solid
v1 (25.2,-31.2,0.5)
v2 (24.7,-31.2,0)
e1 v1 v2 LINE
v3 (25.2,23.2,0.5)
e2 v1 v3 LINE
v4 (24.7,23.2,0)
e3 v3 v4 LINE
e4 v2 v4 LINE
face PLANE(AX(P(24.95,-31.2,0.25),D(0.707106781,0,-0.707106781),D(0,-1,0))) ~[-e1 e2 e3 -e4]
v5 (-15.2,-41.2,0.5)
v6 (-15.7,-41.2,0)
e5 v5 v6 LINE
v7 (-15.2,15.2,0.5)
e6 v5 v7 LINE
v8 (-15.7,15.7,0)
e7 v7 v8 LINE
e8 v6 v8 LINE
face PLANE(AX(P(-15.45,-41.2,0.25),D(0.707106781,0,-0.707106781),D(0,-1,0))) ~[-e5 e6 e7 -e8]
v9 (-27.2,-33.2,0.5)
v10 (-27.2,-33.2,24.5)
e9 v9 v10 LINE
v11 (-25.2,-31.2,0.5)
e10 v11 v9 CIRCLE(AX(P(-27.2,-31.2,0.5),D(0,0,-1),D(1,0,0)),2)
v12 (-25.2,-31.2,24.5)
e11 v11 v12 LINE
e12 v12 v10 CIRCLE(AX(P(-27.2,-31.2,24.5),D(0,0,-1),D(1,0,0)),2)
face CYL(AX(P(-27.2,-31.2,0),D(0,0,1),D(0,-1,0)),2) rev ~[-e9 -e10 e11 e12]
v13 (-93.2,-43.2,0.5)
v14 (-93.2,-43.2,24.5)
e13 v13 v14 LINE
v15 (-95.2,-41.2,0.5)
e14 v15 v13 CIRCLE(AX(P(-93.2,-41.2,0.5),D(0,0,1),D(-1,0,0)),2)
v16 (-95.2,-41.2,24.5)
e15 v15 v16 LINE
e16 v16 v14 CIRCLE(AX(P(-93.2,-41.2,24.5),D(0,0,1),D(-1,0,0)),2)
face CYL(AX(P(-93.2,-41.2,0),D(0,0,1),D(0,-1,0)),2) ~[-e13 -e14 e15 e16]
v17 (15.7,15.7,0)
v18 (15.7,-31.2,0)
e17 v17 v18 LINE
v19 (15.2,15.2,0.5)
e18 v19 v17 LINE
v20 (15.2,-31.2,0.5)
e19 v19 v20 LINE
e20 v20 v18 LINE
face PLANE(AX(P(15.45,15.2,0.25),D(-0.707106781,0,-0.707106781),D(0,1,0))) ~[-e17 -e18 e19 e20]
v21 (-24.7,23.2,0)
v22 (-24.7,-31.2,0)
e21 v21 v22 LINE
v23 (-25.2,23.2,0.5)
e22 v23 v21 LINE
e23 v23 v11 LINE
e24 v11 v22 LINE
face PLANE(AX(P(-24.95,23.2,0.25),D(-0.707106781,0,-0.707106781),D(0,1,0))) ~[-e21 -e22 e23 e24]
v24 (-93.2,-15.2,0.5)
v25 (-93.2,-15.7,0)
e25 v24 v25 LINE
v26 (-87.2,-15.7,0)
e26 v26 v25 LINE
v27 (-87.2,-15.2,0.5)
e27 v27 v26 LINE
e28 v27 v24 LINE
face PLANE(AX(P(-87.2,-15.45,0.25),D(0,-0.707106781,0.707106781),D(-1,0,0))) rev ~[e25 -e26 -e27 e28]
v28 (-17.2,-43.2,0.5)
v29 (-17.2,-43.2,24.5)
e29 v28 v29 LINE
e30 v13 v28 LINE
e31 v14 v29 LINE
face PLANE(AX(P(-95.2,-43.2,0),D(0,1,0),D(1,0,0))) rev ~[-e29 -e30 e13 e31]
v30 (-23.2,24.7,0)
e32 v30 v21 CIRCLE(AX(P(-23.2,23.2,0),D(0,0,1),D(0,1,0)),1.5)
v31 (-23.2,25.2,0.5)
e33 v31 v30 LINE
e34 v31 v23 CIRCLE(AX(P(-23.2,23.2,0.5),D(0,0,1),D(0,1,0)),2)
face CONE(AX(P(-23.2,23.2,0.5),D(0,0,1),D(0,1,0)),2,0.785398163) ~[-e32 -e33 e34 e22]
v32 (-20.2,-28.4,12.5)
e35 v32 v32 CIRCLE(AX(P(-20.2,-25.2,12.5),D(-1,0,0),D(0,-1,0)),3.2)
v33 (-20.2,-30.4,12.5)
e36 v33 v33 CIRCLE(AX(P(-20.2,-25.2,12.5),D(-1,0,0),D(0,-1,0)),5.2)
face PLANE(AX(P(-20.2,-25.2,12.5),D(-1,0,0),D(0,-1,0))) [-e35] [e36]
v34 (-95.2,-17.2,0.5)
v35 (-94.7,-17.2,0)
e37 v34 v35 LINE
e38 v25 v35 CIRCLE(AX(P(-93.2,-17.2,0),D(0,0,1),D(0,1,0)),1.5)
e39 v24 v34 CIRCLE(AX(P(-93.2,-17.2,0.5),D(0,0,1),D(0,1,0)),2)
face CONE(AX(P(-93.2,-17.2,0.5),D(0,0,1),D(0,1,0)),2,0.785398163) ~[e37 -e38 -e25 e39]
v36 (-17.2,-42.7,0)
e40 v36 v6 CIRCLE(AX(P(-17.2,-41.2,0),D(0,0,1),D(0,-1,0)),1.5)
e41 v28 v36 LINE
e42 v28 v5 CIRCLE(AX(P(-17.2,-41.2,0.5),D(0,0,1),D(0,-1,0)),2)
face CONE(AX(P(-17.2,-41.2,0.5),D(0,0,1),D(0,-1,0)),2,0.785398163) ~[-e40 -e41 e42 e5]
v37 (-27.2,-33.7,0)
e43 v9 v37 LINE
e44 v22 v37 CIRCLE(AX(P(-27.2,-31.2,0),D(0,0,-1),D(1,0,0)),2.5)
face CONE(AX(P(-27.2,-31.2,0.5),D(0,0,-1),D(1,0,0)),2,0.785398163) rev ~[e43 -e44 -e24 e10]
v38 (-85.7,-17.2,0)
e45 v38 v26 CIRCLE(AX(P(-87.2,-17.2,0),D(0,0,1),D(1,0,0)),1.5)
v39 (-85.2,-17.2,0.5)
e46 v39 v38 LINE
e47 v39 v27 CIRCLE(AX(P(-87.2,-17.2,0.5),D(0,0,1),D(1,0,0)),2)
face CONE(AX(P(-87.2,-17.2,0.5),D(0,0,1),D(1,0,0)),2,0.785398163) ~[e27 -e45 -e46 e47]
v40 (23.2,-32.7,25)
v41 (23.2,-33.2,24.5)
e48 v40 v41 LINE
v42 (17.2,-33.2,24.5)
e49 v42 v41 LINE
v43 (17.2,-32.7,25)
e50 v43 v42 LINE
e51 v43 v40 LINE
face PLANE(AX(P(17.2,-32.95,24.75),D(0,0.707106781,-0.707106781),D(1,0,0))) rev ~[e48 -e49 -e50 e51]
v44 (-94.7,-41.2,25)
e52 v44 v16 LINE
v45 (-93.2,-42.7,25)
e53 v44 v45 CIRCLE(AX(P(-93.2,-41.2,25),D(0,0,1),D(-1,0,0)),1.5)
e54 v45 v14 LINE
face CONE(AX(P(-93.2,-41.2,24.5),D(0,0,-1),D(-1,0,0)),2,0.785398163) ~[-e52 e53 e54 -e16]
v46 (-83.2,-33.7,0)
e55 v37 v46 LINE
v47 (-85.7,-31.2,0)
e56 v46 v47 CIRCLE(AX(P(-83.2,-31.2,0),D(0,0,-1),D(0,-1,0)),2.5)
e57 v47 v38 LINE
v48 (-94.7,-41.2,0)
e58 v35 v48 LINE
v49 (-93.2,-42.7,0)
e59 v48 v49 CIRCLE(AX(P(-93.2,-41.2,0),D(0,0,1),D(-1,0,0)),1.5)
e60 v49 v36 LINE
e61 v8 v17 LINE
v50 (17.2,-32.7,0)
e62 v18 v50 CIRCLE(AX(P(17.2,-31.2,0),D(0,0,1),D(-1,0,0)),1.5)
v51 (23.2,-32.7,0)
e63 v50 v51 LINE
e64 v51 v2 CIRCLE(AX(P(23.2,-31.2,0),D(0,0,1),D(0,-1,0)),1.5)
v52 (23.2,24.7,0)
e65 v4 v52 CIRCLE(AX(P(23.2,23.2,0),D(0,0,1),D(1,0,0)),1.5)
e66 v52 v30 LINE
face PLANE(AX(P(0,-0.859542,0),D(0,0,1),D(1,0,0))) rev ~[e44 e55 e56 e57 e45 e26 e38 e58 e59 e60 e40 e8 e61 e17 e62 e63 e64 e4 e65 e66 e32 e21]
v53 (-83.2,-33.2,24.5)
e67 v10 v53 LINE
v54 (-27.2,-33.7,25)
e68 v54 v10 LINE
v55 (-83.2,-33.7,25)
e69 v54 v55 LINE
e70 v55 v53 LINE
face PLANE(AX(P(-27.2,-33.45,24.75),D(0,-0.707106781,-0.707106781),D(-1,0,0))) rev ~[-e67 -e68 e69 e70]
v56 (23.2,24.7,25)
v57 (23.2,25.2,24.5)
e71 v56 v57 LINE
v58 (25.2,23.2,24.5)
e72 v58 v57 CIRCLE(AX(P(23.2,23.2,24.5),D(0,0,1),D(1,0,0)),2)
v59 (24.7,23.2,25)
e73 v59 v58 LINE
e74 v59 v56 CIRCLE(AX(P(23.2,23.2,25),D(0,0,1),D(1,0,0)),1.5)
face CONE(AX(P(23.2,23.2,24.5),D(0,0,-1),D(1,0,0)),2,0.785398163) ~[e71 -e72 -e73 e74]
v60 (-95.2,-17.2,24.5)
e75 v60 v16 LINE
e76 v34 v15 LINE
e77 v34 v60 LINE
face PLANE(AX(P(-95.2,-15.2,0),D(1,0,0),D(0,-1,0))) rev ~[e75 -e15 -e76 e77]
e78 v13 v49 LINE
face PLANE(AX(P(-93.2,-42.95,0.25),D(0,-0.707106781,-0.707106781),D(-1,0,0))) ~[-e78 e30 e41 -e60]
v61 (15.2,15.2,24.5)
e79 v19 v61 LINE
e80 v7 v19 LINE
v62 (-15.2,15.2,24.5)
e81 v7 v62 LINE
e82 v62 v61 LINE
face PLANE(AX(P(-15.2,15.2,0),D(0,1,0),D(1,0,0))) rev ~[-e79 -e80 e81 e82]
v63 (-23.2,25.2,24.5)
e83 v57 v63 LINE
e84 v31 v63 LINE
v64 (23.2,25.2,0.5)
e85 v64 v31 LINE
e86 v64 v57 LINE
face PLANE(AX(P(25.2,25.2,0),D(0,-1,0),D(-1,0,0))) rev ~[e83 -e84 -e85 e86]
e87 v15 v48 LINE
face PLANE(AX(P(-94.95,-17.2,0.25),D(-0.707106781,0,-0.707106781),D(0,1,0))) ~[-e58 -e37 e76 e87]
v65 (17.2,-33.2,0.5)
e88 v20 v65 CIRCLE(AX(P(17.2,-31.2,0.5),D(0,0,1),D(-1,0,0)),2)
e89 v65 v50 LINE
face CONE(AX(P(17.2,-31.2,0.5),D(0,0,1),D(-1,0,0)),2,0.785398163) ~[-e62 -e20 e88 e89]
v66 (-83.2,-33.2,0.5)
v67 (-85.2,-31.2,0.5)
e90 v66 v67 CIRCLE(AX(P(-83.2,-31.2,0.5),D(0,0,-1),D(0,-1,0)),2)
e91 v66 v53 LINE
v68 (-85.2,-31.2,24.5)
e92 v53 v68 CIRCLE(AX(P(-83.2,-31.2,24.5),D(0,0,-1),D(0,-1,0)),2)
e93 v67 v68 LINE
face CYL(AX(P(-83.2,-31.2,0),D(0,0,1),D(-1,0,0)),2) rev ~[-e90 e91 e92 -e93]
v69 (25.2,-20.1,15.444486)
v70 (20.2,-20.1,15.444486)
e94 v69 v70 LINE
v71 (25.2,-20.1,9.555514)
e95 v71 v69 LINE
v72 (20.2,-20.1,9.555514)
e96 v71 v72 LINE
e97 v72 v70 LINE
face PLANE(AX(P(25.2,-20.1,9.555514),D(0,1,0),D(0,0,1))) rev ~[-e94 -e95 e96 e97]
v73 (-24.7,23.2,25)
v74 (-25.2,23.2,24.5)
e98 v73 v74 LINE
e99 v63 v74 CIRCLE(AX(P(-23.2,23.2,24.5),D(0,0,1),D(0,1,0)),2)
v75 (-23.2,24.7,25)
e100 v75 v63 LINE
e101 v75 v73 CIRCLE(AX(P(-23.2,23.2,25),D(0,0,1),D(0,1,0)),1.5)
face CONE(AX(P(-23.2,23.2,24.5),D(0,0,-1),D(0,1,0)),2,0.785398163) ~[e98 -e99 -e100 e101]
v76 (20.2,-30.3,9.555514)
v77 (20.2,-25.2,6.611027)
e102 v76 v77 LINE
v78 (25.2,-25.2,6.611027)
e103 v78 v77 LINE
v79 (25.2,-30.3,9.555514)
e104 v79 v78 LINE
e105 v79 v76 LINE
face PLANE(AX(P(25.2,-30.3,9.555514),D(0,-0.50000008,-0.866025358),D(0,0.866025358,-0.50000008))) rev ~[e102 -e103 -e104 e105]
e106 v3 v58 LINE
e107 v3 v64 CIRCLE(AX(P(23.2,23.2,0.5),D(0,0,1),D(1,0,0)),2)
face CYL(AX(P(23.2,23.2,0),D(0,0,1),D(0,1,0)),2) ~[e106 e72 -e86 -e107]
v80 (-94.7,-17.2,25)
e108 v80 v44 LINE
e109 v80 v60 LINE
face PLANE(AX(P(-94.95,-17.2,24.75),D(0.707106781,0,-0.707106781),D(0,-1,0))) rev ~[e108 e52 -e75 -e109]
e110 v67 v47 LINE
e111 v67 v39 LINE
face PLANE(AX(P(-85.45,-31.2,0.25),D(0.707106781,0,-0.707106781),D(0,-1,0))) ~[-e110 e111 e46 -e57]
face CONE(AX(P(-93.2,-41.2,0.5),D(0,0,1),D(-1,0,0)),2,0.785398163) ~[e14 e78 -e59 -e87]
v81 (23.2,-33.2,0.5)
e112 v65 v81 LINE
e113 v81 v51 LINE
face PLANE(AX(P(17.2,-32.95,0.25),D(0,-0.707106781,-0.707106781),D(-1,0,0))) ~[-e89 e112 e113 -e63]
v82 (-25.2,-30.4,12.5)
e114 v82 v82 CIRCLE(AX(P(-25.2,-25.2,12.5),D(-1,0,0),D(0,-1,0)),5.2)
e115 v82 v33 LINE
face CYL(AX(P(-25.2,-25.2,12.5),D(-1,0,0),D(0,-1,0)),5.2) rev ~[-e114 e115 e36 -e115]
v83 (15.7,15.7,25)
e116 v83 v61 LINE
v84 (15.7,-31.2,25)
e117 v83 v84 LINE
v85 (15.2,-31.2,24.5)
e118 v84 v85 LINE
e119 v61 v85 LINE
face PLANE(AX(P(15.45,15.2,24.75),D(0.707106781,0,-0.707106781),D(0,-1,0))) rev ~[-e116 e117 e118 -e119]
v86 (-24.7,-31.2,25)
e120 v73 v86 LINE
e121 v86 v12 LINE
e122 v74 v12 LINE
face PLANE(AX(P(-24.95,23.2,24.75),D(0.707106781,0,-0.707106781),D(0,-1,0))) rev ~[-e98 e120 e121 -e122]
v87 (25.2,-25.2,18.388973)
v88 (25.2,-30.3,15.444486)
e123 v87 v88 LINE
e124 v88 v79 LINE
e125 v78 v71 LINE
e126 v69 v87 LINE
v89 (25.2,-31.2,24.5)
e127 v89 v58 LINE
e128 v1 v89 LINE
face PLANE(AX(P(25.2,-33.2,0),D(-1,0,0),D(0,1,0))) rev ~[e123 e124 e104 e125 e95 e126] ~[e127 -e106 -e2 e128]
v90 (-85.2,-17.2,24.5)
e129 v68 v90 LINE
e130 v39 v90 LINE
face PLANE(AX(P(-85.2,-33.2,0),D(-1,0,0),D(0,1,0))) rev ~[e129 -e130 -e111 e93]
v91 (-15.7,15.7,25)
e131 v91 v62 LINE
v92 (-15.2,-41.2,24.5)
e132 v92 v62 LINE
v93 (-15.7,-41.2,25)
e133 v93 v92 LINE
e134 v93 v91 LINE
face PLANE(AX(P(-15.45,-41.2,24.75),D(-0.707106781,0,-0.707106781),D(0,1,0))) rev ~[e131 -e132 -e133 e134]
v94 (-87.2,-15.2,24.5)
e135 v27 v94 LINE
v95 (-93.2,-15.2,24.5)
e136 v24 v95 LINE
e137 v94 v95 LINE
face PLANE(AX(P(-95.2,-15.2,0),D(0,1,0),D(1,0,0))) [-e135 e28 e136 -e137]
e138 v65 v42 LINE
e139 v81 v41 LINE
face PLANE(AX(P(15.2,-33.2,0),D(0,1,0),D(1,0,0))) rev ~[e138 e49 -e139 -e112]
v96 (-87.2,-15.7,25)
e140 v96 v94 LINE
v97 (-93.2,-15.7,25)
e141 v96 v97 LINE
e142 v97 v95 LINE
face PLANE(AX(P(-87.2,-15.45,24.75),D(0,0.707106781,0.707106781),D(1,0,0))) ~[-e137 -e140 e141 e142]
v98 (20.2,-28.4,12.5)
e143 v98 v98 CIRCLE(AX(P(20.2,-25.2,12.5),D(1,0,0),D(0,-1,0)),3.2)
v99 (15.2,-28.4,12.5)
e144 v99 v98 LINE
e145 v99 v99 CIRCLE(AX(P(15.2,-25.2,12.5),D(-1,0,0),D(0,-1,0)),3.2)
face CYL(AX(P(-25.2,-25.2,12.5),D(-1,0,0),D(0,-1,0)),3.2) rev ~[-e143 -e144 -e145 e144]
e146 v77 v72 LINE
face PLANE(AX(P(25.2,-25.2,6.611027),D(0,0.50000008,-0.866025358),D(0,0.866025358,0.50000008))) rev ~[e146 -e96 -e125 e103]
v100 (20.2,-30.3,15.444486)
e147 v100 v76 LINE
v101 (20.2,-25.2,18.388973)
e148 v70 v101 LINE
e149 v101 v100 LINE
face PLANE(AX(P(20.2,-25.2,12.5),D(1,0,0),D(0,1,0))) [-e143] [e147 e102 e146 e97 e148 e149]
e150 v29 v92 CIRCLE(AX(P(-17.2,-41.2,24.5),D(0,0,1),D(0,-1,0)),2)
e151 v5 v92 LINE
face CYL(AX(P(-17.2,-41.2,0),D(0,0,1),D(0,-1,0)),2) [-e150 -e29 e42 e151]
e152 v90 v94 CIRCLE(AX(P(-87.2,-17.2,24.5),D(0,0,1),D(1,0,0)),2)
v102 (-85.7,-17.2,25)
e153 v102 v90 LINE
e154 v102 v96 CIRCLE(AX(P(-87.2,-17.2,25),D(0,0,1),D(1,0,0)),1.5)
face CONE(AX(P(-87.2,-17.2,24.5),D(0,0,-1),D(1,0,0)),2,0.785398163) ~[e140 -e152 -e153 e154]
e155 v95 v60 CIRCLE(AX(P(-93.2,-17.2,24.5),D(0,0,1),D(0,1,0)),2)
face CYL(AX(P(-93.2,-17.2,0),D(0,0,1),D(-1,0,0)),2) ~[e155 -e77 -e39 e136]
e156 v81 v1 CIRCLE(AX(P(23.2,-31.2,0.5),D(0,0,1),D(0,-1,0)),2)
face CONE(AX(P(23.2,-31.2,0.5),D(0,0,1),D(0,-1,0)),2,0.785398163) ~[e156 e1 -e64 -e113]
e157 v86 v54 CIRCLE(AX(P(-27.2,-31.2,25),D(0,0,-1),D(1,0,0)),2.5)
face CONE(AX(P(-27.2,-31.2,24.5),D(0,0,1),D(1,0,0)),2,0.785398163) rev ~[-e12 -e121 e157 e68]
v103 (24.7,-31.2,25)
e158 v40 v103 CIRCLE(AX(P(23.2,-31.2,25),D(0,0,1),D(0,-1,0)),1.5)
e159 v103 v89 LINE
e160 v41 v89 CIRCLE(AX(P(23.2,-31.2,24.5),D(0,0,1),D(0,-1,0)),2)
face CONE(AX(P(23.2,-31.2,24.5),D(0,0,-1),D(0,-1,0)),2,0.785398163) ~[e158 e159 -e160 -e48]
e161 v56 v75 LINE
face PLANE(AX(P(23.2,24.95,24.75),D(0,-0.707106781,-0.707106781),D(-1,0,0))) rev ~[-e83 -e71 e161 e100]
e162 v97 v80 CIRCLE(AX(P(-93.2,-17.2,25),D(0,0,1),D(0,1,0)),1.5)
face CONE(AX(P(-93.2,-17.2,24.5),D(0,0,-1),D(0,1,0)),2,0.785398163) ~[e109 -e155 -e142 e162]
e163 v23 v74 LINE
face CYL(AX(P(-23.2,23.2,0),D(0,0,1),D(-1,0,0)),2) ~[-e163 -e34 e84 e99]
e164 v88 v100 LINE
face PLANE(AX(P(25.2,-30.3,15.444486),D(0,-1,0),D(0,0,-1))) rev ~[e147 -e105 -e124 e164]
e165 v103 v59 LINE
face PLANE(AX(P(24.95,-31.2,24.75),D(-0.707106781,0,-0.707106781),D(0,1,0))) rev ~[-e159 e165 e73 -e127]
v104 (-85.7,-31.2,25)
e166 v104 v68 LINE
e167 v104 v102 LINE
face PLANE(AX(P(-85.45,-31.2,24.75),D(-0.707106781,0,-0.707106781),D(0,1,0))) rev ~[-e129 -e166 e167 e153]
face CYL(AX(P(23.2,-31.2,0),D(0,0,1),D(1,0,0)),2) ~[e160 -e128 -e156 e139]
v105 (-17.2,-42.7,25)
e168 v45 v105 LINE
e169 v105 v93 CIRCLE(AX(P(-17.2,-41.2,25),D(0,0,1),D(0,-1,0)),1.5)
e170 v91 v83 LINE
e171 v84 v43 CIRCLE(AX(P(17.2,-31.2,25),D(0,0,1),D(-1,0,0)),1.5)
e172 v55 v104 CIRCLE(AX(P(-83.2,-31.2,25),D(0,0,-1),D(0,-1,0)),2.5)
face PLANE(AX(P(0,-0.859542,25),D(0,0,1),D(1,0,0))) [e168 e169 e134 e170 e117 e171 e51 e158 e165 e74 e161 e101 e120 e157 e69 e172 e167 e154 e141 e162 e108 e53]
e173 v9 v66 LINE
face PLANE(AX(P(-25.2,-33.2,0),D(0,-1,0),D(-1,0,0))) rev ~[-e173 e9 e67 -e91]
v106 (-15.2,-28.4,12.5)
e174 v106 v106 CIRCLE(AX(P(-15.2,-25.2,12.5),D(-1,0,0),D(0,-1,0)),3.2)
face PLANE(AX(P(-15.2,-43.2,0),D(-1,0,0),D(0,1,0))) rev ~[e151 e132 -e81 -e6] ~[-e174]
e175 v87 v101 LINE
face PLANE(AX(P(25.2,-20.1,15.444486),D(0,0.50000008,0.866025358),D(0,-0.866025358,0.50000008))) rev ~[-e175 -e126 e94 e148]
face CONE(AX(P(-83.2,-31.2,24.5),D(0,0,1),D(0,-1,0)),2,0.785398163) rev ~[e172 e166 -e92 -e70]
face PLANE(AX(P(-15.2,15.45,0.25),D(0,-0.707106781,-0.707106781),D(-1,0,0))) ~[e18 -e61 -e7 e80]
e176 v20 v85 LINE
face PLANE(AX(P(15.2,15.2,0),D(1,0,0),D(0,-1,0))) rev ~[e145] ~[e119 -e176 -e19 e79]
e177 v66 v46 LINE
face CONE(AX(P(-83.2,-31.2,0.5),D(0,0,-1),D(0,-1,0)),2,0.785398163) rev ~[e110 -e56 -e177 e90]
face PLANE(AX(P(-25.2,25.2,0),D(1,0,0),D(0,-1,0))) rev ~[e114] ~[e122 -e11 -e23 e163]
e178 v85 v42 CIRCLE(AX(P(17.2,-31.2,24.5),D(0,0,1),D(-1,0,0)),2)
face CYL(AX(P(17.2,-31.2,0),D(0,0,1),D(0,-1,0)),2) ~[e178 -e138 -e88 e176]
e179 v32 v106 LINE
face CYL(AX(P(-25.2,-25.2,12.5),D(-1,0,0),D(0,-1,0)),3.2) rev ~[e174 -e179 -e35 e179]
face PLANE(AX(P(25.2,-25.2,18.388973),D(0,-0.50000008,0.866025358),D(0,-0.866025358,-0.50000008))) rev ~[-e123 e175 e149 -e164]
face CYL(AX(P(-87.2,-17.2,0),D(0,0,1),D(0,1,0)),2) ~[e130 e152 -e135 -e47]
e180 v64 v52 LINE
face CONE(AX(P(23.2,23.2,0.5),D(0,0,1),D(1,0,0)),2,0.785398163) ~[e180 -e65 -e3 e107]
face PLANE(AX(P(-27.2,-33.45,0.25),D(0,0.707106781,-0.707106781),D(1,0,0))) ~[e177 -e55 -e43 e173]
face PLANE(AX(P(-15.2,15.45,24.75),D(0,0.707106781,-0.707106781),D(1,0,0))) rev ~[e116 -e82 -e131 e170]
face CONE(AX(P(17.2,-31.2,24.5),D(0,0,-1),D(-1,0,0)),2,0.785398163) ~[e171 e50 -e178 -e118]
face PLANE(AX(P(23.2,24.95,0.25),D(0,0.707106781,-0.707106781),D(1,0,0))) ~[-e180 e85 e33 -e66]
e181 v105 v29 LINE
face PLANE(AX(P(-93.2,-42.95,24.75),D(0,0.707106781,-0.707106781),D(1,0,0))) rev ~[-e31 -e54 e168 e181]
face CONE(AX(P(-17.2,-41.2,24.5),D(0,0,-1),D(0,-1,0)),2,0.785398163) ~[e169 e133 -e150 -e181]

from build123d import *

# Parameters (mm, degrees)
F0_W     = 10
F0_H     = 18
F1_DEPTH = 25
F2_R     = 3.2
F3_DEPTH = 50.401
F2_R_2   = 5.2
F4_DEPTH = 5
F5_R     = 3.2
F6_DEPTH = 5
F7_R     = 2
F8_SIZE  = 0.5


with BuildPart() as f1:
    # F0 (on Top) → F1 (new body)
    with BuildSketch(Plane.XY):
        Polygon((-15.2, 15.2), (15.2, 15.2), (15.2, -33.2), (25.2, -33.2), (25.2, 25.2), (-25.2, 25.2), (-25.2, -33.2), (-15.2, -33.2), align=None)
        Polygon((-15.2, -43.2), (-15.2, -33.2), (-25.2, -33.2), (-85.2, -33.2), (-95.2, -33.2), (-95.2, -43.2), align=None)
        with Locations((-90.2, -24.2)):
            Rectangle(F0_W, F0_H)
    extrude(amount=F1_DEPTH)

    # F2 (on face) → F3 (cut, through all)
    with BuildSketch(Plane(origin=(-25.2, 0, 0), x_dir=(0, -1, 0), z_dir=(-1, 0, 0))):
        with Locations((25.2, 12.5)):
            Circle(F2_R)
    extrude(amount=-F3_DEPTH, mode=Mode.SUBTRACT)

    # F2 (on face) → F4 (cut)
    with BuildSketch(Plane(origin=(-25.2, 0, 0), x_dir=(0, -1, 0), z_dir=(-1, 0, 0))):
        with Locations((25.2, 12.5)):
            Circle(F2_R_2)
        with Locations((25.2, 12.5)):
            Circle(F2_R, mode=Mode.SUBTRACT)
    extrude(amount=-F4_DEPTH, mode=Mode.SUBTRACT)

    # F5 (on face) → F6 (cut)
    with BuildSketch(Plane.YZ.offset(25.2)):
        Polygon((-30.3, 9.555514), (-25.2, 6.611027), (-20.1, 9.555514), (-20.1, 15.444486), (-25.2, 18.388973), (-30.3, 15.444486), align=None)
        with Locations((-25.2, 12.5)):
            Circle(F5_R, mode=Mode.SUBTRACT)
    extrude(amount=-F6_DEPTH, mode=Mode.SUBTRACT)

    # F7
    f7_edges = [f1.edges().sort_by_distance(p)[0] for p in [
        (-25.2, -33.2, 12.5),
        (-15.2, -43.2, 12.5),
        (15.2, -33.2, 12.5),
        (25.2, -33.2, 12.5),
        (25.2, 25.2, 12.5),
        (-85.2, -33.2, 12.5),
        (-85.2, -15.2, 12.5),
        (-95.2, -15.2, 12.5),
        (-95.2, -43.2, 12.5),
        (-25.2, 25.2, 12.5),
    ]]
    fillet(f7_edges, radius=F7_R)

    # F8
    f8_edges = [f1.edges().sort_by_distance(p)[0] for p in [
        (15.2, -8, 25),
        (15.785786, -32.614214, 25),
        (0, 15.2, 25),
        (20.2, -33.2, 25),
        (-15.2, -13, 25),
        (24.614214, -32.614214, 25),
        (-15.785786, -42.614214, 25),
        (25.2, -4, 25),
        (-55.2, -43.2, 25),
        (24.614214, 24.614214, 25),
        (-94.614214, -42.614214, 25),
        (0, 25.2, 25),
        (-95.2, -29.2, 25),
        (-24.614214, 24.614214, 25),
        (-94.614214, -15.785786, 25),
        (-25.2, -4, 25),
        (-90.2, -15.2, 25),
        (-25.785786, -32.614214, 25),
        (-85.785786, -15.785786, 25),
        (-55.2, -33.2, 25),
        (-85.2, -24.2, 25),
        (-84.614214, -32.614214, 25),
        (15.2, -8, 0),
        (15.785786, -32.614214, 0),
        (0, 15.2, 0),
        (20.2, -33.2, 0),
        (-15.2, -13, 0),
        (24.614214, -32.614214, 0),
        (-15.785786, -42.614214, 0),
        (25.2, -4, 0),
        (-55.2, -43.2, 0),
        (24.614214, 24.614214, 0),
        (-94.614214, -42.614214, 0),
        (0, 25.2, 0),
        (-95.2, -29.2, 0),
        (-24.614214, 24.614214, 0),
        (-94.614214, -15.785786, 0),
        (-25.2, -4, 0),
        (-90.2, -15.2, 0),
        (-25.785786, -32.614214, 0),
        (-85.785786, -15.785786, 0),
        (-55.2, -33.2, 0),
        (-85.2, -24.2, 0),
        (-84.614214, -32.614214, 0),
    ]]
    chamfer(f8_edges, length=F8_SIZE)


solid = f1.part
